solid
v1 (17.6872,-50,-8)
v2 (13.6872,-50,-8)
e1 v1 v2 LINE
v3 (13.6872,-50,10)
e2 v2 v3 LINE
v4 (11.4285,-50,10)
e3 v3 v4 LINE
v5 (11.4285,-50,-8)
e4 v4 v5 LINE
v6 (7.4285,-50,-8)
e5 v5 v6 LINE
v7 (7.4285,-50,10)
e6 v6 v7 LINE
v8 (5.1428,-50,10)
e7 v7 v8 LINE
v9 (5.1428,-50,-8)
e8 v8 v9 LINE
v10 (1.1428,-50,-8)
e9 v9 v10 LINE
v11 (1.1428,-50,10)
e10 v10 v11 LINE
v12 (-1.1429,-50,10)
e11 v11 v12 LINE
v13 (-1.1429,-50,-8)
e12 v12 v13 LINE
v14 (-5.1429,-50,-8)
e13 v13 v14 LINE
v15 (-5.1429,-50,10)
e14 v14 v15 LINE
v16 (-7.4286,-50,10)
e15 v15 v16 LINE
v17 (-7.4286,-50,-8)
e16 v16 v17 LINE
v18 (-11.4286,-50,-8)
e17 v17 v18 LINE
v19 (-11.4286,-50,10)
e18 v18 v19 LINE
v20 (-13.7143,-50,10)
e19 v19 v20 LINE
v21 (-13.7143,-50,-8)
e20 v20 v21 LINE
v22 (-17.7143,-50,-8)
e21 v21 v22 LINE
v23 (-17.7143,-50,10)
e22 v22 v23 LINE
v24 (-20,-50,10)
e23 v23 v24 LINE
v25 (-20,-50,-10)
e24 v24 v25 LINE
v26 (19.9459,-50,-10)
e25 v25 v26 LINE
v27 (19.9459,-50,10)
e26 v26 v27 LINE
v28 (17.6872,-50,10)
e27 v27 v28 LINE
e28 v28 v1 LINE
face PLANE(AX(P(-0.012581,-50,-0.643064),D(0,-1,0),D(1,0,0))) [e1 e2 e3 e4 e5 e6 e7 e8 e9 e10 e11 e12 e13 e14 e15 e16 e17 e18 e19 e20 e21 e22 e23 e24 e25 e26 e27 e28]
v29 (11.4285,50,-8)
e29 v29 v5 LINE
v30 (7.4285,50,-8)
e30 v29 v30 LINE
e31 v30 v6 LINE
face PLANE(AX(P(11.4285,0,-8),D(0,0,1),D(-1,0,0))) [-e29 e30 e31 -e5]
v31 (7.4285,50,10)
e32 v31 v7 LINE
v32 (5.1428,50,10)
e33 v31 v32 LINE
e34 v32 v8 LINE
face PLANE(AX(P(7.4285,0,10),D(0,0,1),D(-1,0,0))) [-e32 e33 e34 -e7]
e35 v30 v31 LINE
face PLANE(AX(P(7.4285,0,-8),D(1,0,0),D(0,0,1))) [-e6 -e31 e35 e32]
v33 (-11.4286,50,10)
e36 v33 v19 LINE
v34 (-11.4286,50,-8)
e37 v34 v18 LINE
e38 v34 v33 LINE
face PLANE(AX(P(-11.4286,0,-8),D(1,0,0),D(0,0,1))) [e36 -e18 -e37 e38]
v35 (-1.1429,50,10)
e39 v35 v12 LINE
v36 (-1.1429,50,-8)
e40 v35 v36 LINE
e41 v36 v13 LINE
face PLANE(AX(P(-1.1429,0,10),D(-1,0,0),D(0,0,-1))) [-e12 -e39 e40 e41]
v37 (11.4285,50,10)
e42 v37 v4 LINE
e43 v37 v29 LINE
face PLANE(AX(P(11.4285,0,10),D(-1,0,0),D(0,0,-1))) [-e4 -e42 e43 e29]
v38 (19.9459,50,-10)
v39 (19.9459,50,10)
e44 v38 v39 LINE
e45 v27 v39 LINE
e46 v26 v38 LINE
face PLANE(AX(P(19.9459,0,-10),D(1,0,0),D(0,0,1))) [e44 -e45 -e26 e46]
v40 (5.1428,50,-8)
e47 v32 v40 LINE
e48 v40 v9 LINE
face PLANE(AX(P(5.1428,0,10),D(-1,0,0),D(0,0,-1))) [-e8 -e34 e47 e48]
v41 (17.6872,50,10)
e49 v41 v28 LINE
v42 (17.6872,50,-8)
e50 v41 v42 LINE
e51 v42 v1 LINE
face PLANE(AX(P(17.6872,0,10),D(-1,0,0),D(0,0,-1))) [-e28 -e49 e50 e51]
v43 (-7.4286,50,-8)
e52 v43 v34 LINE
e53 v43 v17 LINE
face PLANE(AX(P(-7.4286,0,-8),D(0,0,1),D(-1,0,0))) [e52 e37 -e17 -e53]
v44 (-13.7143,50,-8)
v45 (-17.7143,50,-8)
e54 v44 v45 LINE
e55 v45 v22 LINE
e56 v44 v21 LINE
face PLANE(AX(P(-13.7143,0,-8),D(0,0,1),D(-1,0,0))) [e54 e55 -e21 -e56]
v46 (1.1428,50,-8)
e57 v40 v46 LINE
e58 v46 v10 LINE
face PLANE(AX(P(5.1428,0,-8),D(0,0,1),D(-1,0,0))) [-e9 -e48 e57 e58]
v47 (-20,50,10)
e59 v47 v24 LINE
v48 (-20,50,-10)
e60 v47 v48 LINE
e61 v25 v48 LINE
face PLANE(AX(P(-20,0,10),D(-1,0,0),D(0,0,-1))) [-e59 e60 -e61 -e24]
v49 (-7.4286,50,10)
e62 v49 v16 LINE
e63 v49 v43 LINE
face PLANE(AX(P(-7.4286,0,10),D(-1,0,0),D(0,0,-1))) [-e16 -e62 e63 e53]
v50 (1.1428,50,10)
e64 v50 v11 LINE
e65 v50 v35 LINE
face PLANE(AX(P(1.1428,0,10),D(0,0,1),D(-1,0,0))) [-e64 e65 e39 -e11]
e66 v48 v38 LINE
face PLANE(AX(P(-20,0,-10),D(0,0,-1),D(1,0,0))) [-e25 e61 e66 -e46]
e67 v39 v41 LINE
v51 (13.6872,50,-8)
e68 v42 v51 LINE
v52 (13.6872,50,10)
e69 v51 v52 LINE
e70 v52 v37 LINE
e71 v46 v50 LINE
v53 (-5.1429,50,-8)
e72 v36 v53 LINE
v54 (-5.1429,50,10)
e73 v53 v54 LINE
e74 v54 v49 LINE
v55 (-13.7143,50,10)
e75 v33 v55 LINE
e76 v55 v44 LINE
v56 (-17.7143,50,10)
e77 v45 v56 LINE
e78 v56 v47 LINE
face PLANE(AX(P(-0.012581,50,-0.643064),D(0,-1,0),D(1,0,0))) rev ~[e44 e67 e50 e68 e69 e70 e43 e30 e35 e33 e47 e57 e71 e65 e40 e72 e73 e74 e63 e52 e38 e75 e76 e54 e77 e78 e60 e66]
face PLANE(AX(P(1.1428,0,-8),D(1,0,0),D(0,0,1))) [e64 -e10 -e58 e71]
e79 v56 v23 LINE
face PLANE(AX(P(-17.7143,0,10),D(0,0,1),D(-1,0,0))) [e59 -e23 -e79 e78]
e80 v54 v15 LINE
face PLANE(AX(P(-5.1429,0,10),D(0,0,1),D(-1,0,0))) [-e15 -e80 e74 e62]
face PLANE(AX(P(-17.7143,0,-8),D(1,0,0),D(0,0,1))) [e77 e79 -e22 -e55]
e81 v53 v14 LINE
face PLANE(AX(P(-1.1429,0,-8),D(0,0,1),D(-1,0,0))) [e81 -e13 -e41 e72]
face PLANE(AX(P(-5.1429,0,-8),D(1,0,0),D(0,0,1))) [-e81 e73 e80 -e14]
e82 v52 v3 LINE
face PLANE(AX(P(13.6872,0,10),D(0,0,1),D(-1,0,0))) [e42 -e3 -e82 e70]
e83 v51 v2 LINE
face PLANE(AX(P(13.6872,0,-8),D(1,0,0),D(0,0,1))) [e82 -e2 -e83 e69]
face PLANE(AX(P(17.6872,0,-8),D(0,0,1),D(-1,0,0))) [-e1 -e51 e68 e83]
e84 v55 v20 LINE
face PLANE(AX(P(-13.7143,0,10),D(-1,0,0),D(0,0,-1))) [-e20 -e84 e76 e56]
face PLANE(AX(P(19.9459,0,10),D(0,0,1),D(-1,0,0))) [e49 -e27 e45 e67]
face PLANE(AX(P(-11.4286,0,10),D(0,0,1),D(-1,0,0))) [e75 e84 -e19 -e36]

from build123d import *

# Parameters (mm, degrees)
F1_DEPTH = 50


with BuildPart() as f1:
    # F0 (on Front) → F1 (new body, symmetric)
    with BuildSketch(Plane.XZ):
        Polygon((19.9459, -8), (19.9459, 10), (17.6872, 10), (17.6872, -8), (13.6872, -8), (13.6872, 10), (11.4285, 10), (11.4285, -8), (7.4285, -8), (7.4285, 10), (5.1428, 10), (5.1428, -8), (1.1428, -8), (1.1428, 10), (-1.1429, 10), (-1.1429, -8), (-5.1429, -8), (-5.1429, 10), (-7.4286, 10), (-7.4286, -8), (-11.4286, -8), (-11.4286, 10), (-13.7143, 10), (-13.7143, -8), (-17.7143, -8), (-17.7143, 10), (-20, 10), (-20, -10), (19.9459, -10), align=None)
    extrude(amount=F1_DEPTH, both=True)


solid = f1.part
